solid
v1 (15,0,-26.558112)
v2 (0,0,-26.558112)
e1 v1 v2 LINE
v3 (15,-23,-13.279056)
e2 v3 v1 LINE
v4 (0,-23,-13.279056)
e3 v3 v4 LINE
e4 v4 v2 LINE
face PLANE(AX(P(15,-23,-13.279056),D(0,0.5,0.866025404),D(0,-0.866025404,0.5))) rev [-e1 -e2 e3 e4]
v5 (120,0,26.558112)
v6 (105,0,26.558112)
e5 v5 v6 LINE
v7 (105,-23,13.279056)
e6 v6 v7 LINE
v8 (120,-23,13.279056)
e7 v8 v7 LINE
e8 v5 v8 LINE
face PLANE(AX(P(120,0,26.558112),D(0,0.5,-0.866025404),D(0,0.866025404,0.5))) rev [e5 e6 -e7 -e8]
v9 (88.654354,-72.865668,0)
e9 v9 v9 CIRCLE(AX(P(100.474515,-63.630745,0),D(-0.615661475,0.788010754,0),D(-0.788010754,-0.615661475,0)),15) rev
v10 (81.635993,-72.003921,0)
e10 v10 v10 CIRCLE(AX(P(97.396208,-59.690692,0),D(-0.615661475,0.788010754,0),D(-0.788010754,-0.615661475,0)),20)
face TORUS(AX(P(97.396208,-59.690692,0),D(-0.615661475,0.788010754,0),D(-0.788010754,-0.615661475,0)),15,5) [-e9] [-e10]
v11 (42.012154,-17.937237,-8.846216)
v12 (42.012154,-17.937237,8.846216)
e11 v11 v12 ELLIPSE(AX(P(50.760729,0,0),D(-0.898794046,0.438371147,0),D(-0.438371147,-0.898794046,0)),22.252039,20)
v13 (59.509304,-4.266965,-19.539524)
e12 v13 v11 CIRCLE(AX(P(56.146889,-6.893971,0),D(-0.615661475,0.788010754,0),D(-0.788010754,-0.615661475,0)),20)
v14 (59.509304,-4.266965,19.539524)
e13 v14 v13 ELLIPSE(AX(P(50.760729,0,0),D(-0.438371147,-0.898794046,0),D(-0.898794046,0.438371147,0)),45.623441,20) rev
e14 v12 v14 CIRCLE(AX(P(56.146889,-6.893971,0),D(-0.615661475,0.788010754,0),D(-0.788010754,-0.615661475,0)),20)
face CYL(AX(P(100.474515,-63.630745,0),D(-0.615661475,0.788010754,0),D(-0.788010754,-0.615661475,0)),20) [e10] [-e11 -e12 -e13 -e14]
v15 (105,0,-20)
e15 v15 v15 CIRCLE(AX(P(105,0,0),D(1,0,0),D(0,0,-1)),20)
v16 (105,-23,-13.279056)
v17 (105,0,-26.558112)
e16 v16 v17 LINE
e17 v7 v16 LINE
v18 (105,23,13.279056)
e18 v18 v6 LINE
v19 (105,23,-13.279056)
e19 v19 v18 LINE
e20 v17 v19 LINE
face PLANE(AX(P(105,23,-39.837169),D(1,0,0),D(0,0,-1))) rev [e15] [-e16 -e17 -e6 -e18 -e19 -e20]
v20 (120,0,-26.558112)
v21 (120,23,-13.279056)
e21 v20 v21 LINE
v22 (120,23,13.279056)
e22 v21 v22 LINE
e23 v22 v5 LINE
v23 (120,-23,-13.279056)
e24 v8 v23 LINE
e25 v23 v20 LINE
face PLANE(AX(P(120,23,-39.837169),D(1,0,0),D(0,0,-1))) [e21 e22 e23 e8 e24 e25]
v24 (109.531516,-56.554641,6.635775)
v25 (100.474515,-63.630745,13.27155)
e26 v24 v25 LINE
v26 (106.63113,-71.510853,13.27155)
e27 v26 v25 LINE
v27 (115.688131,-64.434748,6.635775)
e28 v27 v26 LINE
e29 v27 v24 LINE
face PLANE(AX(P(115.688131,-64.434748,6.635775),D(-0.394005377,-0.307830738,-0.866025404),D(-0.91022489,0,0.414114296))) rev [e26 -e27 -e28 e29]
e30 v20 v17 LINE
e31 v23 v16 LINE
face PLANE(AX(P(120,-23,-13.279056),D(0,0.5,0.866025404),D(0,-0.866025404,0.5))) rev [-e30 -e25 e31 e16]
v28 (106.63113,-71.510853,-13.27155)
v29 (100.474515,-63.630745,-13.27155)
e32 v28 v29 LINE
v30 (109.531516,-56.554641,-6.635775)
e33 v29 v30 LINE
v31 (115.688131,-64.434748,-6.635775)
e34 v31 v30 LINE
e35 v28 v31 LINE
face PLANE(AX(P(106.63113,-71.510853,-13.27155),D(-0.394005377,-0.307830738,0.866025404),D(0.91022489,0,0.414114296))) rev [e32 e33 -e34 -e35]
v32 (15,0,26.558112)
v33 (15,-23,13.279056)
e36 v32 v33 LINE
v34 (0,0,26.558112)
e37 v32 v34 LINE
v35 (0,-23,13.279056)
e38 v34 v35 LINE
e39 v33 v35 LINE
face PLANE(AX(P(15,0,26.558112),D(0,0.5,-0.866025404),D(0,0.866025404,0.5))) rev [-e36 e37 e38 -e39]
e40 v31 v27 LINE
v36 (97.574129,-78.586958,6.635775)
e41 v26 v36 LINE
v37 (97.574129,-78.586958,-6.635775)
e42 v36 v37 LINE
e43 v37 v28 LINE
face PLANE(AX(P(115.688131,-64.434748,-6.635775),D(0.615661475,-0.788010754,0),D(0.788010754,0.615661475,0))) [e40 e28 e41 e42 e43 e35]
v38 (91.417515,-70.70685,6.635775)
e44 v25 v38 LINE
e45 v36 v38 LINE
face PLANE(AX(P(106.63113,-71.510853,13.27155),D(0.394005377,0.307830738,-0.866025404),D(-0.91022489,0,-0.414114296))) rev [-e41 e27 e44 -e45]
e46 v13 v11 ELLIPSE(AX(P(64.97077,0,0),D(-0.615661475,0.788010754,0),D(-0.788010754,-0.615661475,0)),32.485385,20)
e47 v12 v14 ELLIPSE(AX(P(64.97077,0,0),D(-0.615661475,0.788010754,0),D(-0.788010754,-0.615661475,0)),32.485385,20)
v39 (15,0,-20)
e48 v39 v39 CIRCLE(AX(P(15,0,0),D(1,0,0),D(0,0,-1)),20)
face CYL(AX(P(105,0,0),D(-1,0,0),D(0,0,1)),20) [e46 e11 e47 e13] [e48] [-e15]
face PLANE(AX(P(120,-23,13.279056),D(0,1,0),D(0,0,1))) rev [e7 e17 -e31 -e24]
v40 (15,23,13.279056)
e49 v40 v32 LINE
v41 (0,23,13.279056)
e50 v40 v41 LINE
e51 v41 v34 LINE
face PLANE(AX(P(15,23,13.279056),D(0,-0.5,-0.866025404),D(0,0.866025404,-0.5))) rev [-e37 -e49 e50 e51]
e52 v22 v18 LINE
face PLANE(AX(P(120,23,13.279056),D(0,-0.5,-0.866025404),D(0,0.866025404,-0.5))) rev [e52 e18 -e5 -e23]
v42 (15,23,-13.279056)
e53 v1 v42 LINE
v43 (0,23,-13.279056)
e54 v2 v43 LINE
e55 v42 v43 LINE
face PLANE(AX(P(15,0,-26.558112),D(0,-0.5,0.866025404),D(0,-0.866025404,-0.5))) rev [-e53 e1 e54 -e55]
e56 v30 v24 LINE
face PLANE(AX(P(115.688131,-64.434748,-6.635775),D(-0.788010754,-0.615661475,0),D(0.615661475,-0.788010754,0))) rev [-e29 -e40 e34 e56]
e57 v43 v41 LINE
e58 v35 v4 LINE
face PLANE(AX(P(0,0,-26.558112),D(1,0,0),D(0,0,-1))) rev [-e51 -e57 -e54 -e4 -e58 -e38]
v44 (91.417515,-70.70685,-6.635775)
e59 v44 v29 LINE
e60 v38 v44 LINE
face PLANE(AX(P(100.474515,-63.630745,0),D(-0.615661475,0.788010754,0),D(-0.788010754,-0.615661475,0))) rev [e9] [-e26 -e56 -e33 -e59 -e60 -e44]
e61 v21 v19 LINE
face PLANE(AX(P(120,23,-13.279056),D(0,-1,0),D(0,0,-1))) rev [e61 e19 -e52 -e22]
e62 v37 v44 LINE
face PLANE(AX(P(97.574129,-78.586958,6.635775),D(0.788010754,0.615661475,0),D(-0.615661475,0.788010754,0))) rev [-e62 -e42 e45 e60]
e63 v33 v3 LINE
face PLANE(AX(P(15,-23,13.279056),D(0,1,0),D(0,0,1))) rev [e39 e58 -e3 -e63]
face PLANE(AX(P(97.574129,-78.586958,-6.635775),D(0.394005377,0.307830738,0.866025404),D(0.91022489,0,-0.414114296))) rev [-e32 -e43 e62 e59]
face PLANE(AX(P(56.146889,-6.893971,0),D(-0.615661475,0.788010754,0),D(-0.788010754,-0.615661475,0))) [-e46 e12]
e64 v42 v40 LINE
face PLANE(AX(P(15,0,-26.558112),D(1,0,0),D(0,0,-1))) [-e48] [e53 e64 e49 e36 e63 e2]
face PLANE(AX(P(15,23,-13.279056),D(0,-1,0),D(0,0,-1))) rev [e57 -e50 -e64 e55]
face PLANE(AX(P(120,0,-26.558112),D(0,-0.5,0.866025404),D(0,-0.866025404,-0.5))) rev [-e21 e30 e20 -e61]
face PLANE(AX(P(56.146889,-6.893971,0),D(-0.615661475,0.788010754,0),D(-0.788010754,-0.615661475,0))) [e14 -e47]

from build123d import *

# Parameters (mm, degrees)
EXTRUDE_417_DEPTH = 15
SKETCH_2_R        = 20
EXTRUDE_1_DEPTH   = 90
EXTRUDE_2_DEPTH   = 15
SKETCH_6_R        = 20
EXTRUDE_5_DEPTH   = 72
EXTRUDE_6_DEPTH   = 10
FILLET_5_R        = 5


with BuildPart() as part:
    # Эскиз1 → Extrude 417 (new body)
    with BuildSketch(Plane(origin=(0, 0, 0), x_dir=(0, 0, -1), z_dir=(1, 0, 0))):
        Polygon((26.558112383, 0), (13.279056191, 23), (-13.279056191, 23), (-26.558112383, 0), (-13.279056191, -23), (13.279056191, -23), align=None)
    extrude(amount=EXTRUDE_417_DEPTH)

    # Эскиз2 → Бобышка-Вытянуть1 (add)
    with BuildSketch(Plane(origin=(15, 0, 0), x_dir=(0, 0, -1), z_dir=(1, 0, 0))):
        with Locations(Location((0, 0, 0), (0, 0, 180))):
            Circle(SKETCH_2_R)
    extrude(amount=EXTRUDE_1_DEPTH)

    # Эскиз3 → Бобышка-Вытянуть2 (add)
    with BuildSketch(Plane(origin=(105, 0, 0), x_dir=(0, 0, -1), z_dir=(1, 0, 0))):
        Polygon((26.558112383, 0), (13.279056191, 23), (-13.279056191, 23), (-26.558112383, 0), (-13.279056191, -23), (13.279056191, -23), align=None)
    extrude(amount=EXTRUDE_2_DEPTH)

    # Эскиз6 → Бобышка-Вытянуть5 (add)
    with BuildSketch(Plane(origin=(24.626459013, -31.520430144, 0), x_dir=(0, 0, 1), z_dir=(-0.6156614753256595, 0.7880107536067209, 0))):
        with Locations(Location((0, 40, 0), (0, 0, 270))):
            Circle(SKETCH_6_R)
    extrude(amount=-EXTRUDE_5_DEPTH)

    # Эскиз7 → Бобышка-Вытянуть6 (add)
    with BuildSketch(Plane(origin=(68.954085236, -88.257204404, 0), x_dir=(0, 0, -1), z_dir=(0.6156614753256596, -0.788010753606721, 0))):
        Polygon((6.635774784, 51.493499074), (-6.635774784, 51.493499074), (-13.271549568, 40), (-6.635774784, 28.506500926), (6.635774784, 28.506500926), (13.271549568, 40), align=None)
    extrude(amount=EXTRUDE_6_DEPTH)

    # Скругление5
    fillet_5_edges = [part.edges().sort_by_distance(p)[0] for p in [
        (116.234730453, -51.317515884, 0),
    ]]
    fillet(fillet_5_edges, radius=FILLET_5_R)


solid = part.part
